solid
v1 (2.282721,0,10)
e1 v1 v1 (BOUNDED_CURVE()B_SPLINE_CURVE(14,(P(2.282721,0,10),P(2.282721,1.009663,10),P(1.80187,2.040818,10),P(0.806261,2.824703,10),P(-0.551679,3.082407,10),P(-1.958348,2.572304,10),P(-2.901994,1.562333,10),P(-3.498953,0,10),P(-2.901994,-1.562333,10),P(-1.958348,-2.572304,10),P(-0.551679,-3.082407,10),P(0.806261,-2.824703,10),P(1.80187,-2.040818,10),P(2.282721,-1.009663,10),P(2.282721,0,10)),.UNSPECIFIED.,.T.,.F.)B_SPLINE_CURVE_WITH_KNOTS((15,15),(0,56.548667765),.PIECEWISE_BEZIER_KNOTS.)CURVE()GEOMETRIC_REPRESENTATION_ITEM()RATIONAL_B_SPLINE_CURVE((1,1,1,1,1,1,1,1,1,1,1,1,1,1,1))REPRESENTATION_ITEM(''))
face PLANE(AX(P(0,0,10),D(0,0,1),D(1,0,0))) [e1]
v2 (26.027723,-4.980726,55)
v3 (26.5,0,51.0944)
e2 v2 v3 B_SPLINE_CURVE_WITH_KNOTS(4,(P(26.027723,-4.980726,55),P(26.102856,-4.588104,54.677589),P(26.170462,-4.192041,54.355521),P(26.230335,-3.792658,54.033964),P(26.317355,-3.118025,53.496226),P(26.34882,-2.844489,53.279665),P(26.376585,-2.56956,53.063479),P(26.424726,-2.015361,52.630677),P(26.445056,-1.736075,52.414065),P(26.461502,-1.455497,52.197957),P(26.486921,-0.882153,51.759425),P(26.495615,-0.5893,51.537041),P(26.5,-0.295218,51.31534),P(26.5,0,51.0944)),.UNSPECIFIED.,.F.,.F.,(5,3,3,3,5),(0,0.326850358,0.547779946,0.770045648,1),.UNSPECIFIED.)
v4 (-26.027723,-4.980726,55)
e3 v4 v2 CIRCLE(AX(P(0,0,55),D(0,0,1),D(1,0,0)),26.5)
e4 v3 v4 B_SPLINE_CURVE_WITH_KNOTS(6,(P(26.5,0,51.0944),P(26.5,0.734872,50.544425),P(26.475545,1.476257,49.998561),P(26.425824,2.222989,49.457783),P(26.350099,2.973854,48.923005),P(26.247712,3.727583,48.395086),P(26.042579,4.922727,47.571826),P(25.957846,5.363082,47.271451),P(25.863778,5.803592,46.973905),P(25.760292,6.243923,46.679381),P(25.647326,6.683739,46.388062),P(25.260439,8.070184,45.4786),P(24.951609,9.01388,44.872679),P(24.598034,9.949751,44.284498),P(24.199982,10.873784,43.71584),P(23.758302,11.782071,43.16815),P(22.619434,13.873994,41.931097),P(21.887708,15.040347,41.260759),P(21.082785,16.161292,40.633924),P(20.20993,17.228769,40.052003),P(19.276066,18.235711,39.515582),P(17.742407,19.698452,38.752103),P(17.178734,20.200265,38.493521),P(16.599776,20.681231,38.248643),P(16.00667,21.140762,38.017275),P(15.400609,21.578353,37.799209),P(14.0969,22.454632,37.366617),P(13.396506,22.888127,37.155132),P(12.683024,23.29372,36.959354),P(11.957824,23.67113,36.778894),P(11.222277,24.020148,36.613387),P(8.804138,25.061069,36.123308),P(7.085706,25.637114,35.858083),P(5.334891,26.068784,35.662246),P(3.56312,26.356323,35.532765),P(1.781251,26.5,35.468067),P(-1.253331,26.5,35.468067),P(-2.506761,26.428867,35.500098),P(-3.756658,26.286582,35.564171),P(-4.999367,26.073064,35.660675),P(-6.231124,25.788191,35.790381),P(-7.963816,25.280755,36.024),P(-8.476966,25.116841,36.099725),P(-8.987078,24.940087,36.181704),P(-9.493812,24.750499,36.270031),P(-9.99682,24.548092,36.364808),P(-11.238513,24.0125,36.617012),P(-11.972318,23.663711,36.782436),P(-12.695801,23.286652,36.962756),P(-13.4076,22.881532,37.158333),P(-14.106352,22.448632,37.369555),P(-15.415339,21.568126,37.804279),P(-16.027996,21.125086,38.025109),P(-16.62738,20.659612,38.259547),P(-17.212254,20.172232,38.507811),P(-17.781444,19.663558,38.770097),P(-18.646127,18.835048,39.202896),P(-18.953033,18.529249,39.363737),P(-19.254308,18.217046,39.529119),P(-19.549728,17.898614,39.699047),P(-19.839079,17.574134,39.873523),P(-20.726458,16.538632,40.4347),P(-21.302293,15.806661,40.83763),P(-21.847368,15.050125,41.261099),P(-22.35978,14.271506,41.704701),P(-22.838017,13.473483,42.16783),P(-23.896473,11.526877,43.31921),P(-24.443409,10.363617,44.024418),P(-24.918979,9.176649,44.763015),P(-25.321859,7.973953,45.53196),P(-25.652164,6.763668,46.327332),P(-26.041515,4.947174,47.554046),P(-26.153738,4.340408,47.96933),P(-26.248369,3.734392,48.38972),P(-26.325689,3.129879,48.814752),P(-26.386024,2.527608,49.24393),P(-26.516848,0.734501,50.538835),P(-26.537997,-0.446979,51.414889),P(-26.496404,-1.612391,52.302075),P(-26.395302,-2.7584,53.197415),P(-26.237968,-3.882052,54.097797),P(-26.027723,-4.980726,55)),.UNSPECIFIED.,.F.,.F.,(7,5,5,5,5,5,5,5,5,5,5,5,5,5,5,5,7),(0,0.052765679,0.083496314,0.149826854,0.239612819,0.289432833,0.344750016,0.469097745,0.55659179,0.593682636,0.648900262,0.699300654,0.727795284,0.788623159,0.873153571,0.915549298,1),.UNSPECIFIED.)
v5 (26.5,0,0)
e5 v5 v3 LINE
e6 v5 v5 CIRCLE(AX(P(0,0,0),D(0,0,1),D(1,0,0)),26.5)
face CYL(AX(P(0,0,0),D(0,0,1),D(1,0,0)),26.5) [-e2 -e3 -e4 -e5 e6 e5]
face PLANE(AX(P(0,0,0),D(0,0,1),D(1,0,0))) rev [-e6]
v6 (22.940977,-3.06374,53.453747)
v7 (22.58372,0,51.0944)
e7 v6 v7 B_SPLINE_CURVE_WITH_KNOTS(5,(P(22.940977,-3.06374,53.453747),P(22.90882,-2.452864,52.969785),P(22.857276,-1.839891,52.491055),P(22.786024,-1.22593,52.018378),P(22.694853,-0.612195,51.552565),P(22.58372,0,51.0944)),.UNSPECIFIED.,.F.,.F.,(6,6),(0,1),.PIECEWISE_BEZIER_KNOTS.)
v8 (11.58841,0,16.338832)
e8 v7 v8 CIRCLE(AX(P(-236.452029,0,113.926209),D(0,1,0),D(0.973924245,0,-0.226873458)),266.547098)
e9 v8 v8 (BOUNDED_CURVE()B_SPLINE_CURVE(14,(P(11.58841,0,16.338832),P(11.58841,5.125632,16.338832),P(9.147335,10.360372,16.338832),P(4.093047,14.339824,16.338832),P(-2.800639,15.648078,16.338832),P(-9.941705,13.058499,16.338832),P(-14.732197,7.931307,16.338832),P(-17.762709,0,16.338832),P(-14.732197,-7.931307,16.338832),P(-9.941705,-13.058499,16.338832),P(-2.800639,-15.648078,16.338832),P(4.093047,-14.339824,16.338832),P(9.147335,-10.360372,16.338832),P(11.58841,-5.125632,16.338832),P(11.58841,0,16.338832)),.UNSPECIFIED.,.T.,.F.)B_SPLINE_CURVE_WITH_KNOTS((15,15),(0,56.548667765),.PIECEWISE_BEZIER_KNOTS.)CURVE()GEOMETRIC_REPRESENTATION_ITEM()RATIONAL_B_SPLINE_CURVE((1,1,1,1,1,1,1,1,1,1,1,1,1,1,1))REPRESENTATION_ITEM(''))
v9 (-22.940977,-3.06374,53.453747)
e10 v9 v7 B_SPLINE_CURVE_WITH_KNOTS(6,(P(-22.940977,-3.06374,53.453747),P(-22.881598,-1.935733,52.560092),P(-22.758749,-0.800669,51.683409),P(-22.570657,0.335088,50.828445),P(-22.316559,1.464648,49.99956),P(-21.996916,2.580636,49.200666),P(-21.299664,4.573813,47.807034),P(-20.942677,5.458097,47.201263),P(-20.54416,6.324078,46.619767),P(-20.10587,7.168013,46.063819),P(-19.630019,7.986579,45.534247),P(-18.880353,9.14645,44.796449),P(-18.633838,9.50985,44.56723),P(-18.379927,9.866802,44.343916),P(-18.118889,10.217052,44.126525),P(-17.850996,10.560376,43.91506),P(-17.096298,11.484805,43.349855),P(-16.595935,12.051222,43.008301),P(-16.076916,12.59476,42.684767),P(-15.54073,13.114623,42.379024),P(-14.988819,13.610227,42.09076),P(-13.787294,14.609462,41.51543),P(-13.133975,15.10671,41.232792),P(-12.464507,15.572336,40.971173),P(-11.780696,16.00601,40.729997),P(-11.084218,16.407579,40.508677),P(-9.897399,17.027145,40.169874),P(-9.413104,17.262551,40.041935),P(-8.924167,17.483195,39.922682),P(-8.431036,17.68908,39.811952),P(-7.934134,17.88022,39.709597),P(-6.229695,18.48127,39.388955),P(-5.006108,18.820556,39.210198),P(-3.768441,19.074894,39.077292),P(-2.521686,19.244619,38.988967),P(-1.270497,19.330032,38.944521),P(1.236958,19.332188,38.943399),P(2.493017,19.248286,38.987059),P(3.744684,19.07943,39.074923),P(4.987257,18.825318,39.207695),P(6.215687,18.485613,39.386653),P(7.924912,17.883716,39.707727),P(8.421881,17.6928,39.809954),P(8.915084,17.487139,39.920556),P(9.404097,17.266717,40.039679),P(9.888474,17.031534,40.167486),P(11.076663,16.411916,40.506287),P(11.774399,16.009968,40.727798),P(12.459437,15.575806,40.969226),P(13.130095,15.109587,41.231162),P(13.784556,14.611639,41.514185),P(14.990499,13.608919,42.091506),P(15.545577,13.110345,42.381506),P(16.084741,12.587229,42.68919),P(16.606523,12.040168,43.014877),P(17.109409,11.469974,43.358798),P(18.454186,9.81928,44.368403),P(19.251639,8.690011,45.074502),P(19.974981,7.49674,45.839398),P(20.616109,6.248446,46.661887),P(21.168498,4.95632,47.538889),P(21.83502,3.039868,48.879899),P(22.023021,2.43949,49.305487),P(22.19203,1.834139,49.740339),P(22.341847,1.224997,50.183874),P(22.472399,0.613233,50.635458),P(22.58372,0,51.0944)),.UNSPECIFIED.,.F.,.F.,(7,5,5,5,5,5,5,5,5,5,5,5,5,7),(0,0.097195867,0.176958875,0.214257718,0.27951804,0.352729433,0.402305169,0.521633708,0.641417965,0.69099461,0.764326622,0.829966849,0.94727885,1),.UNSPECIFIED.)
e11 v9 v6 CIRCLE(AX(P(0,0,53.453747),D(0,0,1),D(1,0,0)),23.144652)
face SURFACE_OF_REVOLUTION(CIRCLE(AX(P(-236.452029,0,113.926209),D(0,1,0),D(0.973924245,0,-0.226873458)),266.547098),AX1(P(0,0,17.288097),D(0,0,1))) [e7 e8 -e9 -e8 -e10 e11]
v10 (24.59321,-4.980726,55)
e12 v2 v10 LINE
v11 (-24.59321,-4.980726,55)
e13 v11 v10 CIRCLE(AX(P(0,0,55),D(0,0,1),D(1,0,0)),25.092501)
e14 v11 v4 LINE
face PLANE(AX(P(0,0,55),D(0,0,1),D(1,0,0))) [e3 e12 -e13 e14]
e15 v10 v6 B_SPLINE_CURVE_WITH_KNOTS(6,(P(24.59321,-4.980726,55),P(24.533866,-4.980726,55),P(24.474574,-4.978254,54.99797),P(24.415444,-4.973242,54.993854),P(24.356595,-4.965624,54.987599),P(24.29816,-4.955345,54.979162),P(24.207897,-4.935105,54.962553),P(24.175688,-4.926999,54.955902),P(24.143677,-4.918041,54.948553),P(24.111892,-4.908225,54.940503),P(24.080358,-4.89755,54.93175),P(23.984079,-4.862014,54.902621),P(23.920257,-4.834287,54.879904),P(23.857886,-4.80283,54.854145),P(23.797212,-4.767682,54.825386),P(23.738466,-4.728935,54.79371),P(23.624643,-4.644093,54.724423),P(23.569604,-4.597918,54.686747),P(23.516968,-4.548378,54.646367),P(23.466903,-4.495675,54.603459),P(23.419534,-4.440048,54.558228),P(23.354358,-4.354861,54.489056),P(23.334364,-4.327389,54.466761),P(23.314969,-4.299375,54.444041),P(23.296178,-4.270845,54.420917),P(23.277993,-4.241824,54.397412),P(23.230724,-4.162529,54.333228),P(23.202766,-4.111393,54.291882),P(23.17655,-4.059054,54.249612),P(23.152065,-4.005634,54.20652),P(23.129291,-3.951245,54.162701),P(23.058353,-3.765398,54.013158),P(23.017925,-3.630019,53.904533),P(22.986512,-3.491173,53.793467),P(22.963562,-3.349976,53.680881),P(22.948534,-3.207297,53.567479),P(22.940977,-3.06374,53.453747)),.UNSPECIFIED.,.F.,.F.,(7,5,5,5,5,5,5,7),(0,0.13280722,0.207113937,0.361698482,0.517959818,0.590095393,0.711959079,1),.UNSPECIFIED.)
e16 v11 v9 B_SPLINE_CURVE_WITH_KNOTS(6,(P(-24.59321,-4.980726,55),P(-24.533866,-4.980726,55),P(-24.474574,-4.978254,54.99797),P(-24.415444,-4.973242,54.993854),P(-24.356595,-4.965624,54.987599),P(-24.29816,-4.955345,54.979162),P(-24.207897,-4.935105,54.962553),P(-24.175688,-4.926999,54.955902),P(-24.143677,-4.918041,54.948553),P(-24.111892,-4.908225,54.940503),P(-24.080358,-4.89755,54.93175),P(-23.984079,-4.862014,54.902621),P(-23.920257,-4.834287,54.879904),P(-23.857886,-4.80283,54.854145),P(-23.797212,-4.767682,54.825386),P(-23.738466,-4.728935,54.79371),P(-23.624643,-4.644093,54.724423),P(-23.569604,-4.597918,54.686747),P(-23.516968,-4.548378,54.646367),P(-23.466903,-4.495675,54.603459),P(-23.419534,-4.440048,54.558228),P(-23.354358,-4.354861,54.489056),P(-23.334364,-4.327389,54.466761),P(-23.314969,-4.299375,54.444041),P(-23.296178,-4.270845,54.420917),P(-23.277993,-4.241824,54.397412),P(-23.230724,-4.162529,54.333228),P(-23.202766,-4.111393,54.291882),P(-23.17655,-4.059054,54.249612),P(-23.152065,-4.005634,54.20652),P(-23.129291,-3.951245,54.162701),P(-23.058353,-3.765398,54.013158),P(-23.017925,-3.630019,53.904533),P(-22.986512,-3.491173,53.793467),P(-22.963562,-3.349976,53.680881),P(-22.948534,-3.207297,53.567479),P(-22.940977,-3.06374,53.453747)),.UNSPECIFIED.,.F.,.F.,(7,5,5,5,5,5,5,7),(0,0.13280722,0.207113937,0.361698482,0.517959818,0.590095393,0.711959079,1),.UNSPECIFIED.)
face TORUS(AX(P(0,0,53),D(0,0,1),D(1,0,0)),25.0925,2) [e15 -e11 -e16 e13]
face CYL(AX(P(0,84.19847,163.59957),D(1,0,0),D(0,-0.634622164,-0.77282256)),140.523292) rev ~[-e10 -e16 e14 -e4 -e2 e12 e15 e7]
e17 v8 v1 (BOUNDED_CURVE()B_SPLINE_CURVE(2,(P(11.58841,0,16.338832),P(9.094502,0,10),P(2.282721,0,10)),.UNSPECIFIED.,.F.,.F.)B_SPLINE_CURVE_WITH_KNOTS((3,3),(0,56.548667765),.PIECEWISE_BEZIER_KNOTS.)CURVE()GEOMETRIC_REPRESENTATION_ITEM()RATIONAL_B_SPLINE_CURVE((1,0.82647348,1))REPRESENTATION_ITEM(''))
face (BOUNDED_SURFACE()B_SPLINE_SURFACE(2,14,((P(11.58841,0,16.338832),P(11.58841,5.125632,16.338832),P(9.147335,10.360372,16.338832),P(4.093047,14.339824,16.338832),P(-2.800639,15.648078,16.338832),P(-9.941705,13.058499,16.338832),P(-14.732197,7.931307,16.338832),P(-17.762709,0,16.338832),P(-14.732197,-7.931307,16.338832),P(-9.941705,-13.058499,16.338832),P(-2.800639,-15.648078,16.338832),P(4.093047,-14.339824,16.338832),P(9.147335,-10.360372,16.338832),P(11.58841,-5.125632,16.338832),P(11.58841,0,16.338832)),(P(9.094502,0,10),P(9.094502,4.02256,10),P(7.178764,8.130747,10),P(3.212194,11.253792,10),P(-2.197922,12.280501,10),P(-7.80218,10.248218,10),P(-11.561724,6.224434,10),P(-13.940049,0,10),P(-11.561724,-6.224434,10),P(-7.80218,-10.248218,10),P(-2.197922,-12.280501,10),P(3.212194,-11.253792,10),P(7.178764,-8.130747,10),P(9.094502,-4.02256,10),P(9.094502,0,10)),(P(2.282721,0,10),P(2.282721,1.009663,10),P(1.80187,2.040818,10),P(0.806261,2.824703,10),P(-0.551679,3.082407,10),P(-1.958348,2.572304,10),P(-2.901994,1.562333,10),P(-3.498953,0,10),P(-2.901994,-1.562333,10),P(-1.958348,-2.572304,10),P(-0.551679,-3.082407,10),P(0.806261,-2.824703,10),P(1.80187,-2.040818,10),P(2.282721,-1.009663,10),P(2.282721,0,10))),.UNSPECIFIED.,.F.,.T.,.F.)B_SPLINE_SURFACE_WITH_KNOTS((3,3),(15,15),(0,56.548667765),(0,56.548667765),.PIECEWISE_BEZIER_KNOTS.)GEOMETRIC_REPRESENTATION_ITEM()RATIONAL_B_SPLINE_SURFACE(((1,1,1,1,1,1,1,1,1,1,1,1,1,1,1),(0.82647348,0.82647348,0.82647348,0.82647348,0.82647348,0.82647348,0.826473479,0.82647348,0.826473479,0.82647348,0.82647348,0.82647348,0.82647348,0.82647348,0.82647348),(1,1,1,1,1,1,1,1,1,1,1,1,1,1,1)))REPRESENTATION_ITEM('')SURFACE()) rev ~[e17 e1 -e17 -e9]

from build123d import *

# Parameters (mm, degrees)
F3_DEPTH = 52.81897
F4_R     = 10


with BuildPart() as f1:
    # F0 (on Front) → F1 (revolve)
    with BuildSketch(Plane.XZ):
        with BuildLine():
            Line((0, 10), (0, 0))
            Line((0, 0), (26.5, 0))
            Line((26.5, 0), (26.5, 55))
            Line((26.5, 55), (25.092501, 55))
            ThreePointArc((25.092501, 55), (23.849016, 54.566444), (23.144652, 53.453747))
            ThreePointArc((23.144652, 53.453747), (17.005279, 31.423188), (9, 10))
            Line((9, 10), (0, 10))
        make_face()
    revolve(axis=Axis((0, 0, 17.288097), (0, 0, 1)))

    # F2 (on Right) → F3 (cut, symmetric)
    with BuildSketch(Plane.YZ):
        with BuildLine():
            ThreePointArc((-4.980726, 55), (144.261109, 36.559124), (224.721762, 163.59957))
            ThreePointArc((224.721762, 163.59957), (24.13583, 290.640016), (-4.980726, 55))
        make_face()
    extrude(amount=F3_DEPTH, both=True, mode=Mode.SUBTRACT)

    # F4
    f4_edges = [f1.edges().sort_by_distance(p)[0] for p in [
        (-9, 0, 10),
    ]]
    fillet(f4_edges, radius=F4_R)


solid = f1.part
